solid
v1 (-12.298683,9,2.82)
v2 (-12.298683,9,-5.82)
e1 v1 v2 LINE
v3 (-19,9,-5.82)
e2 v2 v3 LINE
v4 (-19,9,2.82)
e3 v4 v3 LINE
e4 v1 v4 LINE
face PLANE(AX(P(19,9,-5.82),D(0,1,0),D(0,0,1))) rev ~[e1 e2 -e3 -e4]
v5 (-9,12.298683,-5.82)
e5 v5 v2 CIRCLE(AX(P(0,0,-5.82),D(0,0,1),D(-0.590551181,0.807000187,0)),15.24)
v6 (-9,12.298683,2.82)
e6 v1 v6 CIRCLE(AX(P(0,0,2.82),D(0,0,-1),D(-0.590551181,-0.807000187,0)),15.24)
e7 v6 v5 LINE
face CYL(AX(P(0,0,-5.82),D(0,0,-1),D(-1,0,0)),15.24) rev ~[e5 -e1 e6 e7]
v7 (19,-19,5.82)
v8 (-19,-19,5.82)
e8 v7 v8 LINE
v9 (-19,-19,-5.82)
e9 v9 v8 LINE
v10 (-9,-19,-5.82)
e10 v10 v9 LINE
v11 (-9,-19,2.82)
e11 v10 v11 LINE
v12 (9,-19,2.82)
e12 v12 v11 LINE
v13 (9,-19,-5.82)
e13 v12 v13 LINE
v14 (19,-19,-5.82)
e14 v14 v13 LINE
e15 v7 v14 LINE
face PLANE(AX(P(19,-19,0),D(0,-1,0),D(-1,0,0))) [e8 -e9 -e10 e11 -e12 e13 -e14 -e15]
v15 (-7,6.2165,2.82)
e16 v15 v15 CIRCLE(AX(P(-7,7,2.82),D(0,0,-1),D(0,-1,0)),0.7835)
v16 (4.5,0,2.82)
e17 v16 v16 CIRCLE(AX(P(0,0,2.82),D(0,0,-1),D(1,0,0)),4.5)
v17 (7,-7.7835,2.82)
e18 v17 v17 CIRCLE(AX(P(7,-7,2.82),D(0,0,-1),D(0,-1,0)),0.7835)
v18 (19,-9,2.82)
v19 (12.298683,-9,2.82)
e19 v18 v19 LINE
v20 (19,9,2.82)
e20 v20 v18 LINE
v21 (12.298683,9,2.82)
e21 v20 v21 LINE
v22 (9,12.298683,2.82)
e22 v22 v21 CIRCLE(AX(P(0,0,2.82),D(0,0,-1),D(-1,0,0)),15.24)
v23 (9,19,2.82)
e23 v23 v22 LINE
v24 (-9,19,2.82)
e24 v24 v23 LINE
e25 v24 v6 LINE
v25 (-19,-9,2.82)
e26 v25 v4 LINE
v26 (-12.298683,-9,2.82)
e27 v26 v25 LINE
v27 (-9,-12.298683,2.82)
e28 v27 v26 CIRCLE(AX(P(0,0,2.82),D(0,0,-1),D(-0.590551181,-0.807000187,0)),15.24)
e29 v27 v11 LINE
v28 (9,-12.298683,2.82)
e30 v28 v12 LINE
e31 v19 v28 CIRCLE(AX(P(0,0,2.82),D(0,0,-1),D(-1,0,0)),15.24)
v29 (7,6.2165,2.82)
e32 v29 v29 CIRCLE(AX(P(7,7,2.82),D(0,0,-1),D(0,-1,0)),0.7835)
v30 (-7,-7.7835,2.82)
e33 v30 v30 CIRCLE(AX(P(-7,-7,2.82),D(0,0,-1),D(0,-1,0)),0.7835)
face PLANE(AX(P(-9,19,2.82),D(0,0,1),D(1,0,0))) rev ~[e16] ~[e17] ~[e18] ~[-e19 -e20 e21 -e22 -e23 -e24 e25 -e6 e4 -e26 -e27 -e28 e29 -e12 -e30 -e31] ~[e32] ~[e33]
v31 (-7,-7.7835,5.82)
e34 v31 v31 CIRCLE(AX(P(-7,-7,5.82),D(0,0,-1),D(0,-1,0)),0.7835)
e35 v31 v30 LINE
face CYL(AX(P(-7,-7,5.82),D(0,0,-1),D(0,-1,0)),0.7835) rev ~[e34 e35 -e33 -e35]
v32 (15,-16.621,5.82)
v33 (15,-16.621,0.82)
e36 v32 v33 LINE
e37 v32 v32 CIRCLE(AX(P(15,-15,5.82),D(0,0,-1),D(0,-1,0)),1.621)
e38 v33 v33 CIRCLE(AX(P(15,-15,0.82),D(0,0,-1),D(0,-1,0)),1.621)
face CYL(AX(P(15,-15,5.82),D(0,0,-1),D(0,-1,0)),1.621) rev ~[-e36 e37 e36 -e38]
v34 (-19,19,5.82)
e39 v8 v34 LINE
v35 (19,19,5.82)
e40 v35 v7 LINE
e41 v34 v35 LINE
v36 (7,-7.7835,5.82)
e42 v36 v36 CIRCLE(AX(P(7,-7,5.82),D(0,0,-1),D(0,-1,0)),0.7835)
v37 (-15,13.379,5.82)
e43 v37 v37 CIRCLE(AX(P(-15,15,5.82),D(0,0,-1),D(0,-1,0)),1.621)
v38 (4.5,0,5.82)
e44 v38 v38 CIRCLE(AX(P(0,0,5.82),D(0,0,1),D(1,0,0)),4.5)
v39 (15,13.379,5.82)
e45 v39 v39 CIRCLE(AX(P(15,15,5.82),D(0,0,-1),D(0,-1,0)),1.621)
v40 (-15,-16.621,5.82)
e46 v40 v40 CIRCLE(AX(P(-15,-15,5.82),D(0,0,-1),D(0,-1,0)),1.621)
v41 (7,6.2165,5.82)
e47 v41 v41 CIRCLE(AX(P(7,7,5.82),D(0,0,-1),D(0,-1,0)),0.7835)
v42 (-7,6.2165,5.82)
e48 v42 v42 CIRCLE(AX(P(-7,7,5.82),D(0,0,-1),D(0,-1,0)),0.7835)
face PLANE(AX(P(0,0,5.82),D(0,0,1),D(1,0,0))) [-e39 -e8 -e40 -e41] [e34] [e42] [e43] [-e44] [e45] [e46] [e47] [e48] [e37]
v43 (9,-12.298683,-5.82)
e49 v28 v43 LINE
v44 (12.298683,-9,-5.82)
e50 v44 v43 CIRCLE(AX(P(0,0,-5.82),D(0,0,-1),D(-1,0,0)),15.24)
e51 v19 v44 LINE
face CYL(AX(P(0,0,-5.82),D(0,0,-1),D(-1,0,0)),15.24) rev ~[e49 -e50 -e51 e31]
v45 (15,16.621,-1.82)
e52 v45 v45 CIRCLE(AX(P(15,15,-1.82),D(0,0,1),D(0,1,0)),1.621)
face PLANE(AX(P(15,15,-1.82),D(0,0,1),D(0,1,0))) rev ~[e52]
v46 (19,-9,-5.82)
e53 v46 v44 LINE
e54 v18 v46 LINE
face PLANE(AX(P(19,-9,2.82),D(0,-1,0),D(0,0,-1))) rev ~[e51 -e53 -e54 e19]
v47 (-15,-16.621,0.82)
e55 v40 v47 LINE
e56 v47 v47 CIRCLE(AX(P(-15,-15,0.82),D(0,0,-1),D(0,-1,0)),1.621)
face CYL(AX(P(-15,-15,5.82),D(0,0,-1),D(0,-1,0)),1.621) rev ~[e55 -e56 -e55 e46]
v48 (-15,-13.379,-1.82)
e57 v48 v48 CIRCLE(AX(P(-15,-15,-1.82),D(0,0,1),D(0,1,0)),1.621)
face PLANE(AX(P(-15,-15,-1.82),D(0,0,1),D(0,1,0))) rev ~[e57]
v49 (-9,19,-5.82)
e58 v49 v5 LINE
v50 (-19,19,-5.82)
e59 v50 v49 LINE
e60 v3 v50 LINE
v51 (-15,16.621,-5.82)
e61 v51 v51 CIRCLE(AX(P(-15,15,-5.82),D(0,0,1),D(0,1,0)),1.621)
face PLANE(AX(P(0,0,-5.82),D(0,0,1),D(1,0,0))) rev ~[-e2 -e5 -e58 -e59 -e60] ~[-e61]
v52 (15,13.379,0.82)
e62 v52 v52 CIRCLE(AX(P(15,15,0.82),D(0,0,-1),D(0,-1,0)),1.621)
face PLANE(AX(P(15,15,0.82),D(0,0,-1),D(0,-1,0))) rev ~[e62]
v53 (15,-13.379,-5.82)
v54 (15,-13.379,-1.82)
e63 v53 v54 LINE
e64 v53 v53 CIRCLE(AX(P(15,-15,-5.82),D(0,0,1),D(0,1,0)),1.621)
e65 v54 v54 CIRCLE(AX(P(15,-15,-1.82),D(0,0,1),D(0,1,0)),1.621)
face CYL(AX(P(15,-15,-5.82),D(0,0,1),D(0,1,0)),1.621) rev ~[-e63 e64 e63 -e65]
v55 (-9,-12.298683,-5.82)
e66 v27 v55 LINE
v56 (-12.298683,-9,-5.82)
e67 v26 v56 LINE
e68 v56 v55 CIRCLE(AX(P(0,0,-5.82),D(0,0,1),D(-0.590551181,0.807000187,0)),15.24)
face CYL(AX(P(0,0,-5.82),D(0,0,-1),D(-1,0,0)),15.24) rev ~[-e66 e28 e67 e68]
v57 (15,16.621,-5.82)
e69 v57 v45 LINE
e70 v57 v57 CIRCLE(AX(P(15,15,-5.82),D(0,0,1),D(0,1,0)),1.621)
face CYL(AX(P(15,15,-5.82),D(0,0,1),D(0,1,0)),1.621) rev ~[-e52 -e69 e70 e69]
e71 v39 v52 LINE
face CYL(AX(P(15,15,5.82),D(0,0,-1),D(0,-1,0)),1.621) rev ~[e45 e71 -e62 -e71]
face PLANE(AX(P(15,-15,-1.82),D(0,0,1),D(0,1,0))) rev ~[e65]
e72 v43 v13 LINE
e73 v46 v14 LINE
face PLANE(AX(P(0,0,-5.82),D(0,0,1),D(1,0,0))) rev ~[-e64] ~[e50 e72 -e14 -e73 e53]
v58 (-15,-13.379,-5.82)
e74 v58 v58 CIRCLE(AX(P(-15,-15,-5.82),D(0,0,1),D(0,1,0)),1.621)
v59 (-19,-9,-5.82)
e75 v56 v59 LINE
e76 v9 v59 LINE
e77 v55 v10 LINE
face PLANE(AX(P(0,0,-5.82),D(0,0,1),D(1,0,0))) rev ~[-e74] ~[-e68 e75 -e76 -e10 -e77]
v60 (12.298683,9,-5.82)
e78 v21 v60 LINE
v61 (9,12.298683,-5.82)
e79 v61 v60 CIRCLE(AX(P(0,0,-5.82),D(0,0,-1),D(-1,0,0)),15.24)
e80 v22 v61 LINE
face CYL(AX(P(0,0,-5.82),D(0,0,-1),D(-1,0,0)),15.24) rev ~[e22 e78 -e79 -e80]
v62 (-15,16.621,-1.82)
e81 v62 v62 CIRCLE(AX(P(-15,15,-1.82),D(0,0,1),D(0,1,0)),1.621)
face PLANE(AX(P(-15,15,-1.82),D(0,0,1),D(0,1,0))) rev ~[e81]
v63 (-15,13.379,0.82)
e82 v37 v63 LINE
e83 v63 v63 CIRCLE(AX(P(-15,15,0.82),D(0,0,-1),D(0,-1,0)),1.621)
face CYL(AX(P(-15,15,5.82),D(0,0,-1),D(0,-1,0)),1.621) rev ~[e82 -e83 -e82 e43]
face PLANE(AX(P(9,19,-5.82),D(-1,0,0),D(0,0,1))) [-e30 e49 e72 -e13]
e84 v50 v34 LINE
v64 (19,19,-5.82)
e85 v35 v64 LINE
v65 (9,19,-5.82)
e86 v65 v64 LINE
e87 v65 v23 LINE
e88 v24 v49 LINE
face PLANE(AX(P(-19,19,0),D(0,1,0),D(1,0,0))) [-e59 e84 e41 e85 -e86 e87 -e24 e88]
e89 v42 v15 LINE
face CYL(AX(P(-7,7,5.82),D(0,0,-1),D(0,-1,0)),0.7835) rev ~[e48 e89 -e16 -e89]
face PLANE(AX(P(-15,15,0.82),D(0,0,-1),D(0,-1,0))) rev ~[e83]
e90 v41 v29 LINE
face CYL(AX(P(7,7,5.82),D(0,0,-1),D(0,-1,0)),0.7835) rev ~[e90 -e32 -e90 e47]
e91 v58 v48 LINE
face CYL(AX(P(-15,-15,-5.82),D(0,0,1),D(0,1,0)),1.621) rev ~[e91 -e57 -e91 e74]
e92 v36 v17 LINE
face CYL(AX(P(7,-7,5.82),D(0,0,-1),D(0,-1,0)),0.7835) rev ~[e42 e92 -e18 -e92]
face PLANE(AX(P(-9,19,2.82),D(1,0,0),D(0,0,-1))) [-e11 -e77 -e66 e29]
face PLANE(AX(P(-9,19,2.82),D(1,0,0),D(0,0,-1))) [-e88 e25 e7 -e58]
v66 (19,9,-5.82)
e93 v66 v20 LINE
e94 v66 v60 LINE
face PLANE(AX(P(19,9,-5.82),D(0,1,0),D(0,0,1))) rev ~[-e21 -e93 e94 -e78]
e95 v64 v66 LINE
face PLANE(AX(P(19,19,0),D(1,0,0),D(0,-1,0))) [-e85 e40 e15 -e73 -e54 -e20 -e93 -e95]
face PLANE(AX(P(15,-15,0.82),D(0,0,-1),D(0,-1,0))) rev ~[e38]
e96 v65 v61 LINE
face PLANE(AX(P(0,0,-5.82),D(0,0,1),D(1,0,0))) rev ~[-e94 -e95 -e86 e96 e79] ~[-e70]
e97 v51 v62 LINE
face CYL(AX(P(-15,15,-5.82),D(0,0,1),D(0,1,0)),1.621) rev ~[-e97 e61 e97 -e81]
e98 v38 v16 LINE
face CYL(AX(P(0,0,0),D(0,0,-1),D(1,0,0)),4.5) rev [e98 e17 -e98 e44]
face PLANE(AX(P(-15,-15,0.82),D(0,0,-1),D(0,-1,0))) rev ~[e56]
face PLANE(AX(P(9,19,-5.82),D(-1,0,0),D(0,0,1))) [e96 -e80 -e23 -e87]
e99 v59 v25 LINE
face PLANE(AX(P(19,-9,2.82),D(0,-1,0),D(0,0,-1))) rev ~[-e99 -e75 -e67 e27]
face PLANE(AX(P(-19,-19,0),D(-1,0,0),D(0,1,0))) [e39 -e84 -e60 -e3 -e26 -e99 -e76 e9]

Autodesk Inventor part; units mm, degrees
ref_plane "YZ Plane" through (0, 0, 0) normal (1, 0, 0) x (0, 1, 0)
ref_plane "XZ Plane" through (0, 0, 0) normal (0, 1, 0) x (-1, 0, 0)
ref_plane "XY Plane" through (0, 0, 0) normal (0, 0, 1) x (1, 0, 0)
sketch "Sketch1" plane through (0, 0, 0) normal (0, 0, 1) x (1, 0, 0)
  line L0 (-19, 19) -> (19, 19)
  line L1 (19, 19) -> (19, -19)
  line L2 (19, -19) -> (-19, -19)
  line L3 (-19, -19) -> (-19, 19)
  line L4 (-19, 19) -> (19, -19) construction
  line L5 (19, 19) -> (-19, -19) construction
  circle A0 centre (0, 0) radius 4.5
  dimension "d0" = 38
  dimension "d1" = 38
  dimension "d2" = 9
extrude "Extrusion1" add sketch "Sketch1" along normal mid plane 11.64
sketch "Sketch4" plane through (0, 0, 5.82) normal (0, 0, 1) x (1, 0, 0)
  line L0 (-11.25, -11.25) -> (11.25, -11.25) construction
  line L1 (11.25, -11.25) -> (11.25, 11.25) construction
  line L2 (11.25, 11.25) -> (-11.25, 11.25) construction
  line L3 (-11.25, 11.25) -> (-11.25, -11.25) construction
  line L4 (-11.25, -11.25) -> (11.25, 11.25) construction
  line L5 (11.25, -11.25) -> (-11.25, 11.25) construction
  point P0 (0, 0)
  point P1 (-7, -7)
  point P2 (0, 0)
  point P3 (0, 0)
  point P4 (-7, 7)
  point P5 (7, -7)
  point P6 (7, 7)
  dimension "d17" = 22.5
  dimension "d18" = 22.5
  dimension "d47" = 7
  dimension "d48" = 7
  dimension "d51" = 14
  dimension "d54" = 14
sketch "Sketch5" plane through (0, 0, -5.82) normal (0, 0, -1) x (-1, 0, 0)
  circle A0 centre (0, 0) radius 4.5 projected
  circle A1 centre (0, 0) radius 15.24
  dimension "d19" = 30.48
extrude "Extrusion2" cut sketch "Sketch5" against normal blind 8.64 contours A0 | A1
sketch "Sketch6" plane through (-19, 19, 5.82) normal (0, 1, 0) x (1, 0, 0)
  line L0 (0, 11.64) -> (38, 11.64) projected
  line L1 (3.76, 3) -> (34.24, 3) projected
  line L2 (10, 11.64) -> (28, 11.64)
  line L3 (28, 11.64) -> (28, 3)
  line L4 (28, 3) -> (10, 3)
  line L5 (10, 3) -> (10, 11.64)
  line L6 (0, 11.64) -> (0, 0) projected
  line L7 (38, 11.64) -> (38, 0) projected
  point P0 (19, 5.82)
  point P1 (10, 3)
  dimension "d22" = 10
  dimension "d23" = 10
extrude "Extrusion3" cut sketch "Sketch6" against normal through all
sketch "Sketch7" plane through (19, -19, 5.82) normal (1, 0, 0) x (0, 0, -1)
  line L0 (11.64, 31.2987) -> (11.64, 6.7013) projected
  line L1 (3, 31.2987) -> (3, 6.7013) projected
  line L2 (11.64, 28) -> (3, 28)
  line L3 (3, 28) -> (3, 10)
  line L4 (3, 10) -> (11.64, 10)
  line L5 (11.64, 10) -> (11.64, 28)
  line L6 (11.64, 38) -> (0, 38) projected
  line L7 (11.64, 0) -> (0, 0) projected
  point P0 (5.82, 19)
  point P1 (11.64, 10)
  point P2 (3, 28)
  dimension "d26" = 10
  dimension "d27" = 10
extrude "Extrusion4" cut sketch "Sketch7" against normal through all
sketch "Sketch8" plane through (0, 0, -5.82) normal (0, 0, -1) x (-1, 0, 0)
  line L0 (-12.2987, -9) -> (-19, -9) projected
  line L1 (-19, -9) -> (-19, -19) projected
  line L2 (-19, -19) -> (-9, -19) projected
  line L3 (-9, -19) -> (-9, -12.2987) projected
  arc A0 (-12.2987, -9) -> (-9, -12.2987) centre (0, 0) ccw projected
  point P0 (-15, -15)
  point P1 (-15, 15)
  point P2 (15, -15)
  point P3 (15, 15)
  dimension "d30" = 15
  dimension "d31" = 15
  dimension "d34" = 30
  dimension "d37" = 30
hole "Hole1" at (15, -15, -5.82) at (15, 15, -5.82) at (-15, 15, -5.82) at (-15, -15, -5.82) direction (0, 0, 1) diameter 3.242 depth 4 thread size "M4x0.7" class "6H" standard "ANSI Metric M Profile"
hole "Hole2" at (-7, -7, 5.82) at (-7, 7, 5.82) at (7, -7, 5.82) at (7, 7, 5.82) direction (0, 0, -1) diameter 1.567 end through all thread size "M2x0.4" class "6H" standard "ANSI Metric M Profile"
sketch "Sketch9" plane through (0, 0, 5.82) normal (0, 0, 1) x (1, 0, 0)
  circle A0 centre (15, -15) radius 1.621 projected
  circle A1 centre (-15, -15) radius 1.621 projected
  circle A2 centre (-15, 15) radius 1.621 projected
  circle A3 centre (15, 15) radius 1.621 projected
  point P0 (0, 0)
hole "Hole3" at (15, -15, 5.82) at (-15, -15, 5.82) at (-15, 15, 5.82) at (15, 15, 5.82) direction (0, 0, -1) diameter 3.242 depth 5 thread size "M4x0.7" class "6H" standard "ANSI Metric M Profile"
equation "\"d1\" = d0"
equation "\"d18\" = d17"
properties part number "pmtbase"
